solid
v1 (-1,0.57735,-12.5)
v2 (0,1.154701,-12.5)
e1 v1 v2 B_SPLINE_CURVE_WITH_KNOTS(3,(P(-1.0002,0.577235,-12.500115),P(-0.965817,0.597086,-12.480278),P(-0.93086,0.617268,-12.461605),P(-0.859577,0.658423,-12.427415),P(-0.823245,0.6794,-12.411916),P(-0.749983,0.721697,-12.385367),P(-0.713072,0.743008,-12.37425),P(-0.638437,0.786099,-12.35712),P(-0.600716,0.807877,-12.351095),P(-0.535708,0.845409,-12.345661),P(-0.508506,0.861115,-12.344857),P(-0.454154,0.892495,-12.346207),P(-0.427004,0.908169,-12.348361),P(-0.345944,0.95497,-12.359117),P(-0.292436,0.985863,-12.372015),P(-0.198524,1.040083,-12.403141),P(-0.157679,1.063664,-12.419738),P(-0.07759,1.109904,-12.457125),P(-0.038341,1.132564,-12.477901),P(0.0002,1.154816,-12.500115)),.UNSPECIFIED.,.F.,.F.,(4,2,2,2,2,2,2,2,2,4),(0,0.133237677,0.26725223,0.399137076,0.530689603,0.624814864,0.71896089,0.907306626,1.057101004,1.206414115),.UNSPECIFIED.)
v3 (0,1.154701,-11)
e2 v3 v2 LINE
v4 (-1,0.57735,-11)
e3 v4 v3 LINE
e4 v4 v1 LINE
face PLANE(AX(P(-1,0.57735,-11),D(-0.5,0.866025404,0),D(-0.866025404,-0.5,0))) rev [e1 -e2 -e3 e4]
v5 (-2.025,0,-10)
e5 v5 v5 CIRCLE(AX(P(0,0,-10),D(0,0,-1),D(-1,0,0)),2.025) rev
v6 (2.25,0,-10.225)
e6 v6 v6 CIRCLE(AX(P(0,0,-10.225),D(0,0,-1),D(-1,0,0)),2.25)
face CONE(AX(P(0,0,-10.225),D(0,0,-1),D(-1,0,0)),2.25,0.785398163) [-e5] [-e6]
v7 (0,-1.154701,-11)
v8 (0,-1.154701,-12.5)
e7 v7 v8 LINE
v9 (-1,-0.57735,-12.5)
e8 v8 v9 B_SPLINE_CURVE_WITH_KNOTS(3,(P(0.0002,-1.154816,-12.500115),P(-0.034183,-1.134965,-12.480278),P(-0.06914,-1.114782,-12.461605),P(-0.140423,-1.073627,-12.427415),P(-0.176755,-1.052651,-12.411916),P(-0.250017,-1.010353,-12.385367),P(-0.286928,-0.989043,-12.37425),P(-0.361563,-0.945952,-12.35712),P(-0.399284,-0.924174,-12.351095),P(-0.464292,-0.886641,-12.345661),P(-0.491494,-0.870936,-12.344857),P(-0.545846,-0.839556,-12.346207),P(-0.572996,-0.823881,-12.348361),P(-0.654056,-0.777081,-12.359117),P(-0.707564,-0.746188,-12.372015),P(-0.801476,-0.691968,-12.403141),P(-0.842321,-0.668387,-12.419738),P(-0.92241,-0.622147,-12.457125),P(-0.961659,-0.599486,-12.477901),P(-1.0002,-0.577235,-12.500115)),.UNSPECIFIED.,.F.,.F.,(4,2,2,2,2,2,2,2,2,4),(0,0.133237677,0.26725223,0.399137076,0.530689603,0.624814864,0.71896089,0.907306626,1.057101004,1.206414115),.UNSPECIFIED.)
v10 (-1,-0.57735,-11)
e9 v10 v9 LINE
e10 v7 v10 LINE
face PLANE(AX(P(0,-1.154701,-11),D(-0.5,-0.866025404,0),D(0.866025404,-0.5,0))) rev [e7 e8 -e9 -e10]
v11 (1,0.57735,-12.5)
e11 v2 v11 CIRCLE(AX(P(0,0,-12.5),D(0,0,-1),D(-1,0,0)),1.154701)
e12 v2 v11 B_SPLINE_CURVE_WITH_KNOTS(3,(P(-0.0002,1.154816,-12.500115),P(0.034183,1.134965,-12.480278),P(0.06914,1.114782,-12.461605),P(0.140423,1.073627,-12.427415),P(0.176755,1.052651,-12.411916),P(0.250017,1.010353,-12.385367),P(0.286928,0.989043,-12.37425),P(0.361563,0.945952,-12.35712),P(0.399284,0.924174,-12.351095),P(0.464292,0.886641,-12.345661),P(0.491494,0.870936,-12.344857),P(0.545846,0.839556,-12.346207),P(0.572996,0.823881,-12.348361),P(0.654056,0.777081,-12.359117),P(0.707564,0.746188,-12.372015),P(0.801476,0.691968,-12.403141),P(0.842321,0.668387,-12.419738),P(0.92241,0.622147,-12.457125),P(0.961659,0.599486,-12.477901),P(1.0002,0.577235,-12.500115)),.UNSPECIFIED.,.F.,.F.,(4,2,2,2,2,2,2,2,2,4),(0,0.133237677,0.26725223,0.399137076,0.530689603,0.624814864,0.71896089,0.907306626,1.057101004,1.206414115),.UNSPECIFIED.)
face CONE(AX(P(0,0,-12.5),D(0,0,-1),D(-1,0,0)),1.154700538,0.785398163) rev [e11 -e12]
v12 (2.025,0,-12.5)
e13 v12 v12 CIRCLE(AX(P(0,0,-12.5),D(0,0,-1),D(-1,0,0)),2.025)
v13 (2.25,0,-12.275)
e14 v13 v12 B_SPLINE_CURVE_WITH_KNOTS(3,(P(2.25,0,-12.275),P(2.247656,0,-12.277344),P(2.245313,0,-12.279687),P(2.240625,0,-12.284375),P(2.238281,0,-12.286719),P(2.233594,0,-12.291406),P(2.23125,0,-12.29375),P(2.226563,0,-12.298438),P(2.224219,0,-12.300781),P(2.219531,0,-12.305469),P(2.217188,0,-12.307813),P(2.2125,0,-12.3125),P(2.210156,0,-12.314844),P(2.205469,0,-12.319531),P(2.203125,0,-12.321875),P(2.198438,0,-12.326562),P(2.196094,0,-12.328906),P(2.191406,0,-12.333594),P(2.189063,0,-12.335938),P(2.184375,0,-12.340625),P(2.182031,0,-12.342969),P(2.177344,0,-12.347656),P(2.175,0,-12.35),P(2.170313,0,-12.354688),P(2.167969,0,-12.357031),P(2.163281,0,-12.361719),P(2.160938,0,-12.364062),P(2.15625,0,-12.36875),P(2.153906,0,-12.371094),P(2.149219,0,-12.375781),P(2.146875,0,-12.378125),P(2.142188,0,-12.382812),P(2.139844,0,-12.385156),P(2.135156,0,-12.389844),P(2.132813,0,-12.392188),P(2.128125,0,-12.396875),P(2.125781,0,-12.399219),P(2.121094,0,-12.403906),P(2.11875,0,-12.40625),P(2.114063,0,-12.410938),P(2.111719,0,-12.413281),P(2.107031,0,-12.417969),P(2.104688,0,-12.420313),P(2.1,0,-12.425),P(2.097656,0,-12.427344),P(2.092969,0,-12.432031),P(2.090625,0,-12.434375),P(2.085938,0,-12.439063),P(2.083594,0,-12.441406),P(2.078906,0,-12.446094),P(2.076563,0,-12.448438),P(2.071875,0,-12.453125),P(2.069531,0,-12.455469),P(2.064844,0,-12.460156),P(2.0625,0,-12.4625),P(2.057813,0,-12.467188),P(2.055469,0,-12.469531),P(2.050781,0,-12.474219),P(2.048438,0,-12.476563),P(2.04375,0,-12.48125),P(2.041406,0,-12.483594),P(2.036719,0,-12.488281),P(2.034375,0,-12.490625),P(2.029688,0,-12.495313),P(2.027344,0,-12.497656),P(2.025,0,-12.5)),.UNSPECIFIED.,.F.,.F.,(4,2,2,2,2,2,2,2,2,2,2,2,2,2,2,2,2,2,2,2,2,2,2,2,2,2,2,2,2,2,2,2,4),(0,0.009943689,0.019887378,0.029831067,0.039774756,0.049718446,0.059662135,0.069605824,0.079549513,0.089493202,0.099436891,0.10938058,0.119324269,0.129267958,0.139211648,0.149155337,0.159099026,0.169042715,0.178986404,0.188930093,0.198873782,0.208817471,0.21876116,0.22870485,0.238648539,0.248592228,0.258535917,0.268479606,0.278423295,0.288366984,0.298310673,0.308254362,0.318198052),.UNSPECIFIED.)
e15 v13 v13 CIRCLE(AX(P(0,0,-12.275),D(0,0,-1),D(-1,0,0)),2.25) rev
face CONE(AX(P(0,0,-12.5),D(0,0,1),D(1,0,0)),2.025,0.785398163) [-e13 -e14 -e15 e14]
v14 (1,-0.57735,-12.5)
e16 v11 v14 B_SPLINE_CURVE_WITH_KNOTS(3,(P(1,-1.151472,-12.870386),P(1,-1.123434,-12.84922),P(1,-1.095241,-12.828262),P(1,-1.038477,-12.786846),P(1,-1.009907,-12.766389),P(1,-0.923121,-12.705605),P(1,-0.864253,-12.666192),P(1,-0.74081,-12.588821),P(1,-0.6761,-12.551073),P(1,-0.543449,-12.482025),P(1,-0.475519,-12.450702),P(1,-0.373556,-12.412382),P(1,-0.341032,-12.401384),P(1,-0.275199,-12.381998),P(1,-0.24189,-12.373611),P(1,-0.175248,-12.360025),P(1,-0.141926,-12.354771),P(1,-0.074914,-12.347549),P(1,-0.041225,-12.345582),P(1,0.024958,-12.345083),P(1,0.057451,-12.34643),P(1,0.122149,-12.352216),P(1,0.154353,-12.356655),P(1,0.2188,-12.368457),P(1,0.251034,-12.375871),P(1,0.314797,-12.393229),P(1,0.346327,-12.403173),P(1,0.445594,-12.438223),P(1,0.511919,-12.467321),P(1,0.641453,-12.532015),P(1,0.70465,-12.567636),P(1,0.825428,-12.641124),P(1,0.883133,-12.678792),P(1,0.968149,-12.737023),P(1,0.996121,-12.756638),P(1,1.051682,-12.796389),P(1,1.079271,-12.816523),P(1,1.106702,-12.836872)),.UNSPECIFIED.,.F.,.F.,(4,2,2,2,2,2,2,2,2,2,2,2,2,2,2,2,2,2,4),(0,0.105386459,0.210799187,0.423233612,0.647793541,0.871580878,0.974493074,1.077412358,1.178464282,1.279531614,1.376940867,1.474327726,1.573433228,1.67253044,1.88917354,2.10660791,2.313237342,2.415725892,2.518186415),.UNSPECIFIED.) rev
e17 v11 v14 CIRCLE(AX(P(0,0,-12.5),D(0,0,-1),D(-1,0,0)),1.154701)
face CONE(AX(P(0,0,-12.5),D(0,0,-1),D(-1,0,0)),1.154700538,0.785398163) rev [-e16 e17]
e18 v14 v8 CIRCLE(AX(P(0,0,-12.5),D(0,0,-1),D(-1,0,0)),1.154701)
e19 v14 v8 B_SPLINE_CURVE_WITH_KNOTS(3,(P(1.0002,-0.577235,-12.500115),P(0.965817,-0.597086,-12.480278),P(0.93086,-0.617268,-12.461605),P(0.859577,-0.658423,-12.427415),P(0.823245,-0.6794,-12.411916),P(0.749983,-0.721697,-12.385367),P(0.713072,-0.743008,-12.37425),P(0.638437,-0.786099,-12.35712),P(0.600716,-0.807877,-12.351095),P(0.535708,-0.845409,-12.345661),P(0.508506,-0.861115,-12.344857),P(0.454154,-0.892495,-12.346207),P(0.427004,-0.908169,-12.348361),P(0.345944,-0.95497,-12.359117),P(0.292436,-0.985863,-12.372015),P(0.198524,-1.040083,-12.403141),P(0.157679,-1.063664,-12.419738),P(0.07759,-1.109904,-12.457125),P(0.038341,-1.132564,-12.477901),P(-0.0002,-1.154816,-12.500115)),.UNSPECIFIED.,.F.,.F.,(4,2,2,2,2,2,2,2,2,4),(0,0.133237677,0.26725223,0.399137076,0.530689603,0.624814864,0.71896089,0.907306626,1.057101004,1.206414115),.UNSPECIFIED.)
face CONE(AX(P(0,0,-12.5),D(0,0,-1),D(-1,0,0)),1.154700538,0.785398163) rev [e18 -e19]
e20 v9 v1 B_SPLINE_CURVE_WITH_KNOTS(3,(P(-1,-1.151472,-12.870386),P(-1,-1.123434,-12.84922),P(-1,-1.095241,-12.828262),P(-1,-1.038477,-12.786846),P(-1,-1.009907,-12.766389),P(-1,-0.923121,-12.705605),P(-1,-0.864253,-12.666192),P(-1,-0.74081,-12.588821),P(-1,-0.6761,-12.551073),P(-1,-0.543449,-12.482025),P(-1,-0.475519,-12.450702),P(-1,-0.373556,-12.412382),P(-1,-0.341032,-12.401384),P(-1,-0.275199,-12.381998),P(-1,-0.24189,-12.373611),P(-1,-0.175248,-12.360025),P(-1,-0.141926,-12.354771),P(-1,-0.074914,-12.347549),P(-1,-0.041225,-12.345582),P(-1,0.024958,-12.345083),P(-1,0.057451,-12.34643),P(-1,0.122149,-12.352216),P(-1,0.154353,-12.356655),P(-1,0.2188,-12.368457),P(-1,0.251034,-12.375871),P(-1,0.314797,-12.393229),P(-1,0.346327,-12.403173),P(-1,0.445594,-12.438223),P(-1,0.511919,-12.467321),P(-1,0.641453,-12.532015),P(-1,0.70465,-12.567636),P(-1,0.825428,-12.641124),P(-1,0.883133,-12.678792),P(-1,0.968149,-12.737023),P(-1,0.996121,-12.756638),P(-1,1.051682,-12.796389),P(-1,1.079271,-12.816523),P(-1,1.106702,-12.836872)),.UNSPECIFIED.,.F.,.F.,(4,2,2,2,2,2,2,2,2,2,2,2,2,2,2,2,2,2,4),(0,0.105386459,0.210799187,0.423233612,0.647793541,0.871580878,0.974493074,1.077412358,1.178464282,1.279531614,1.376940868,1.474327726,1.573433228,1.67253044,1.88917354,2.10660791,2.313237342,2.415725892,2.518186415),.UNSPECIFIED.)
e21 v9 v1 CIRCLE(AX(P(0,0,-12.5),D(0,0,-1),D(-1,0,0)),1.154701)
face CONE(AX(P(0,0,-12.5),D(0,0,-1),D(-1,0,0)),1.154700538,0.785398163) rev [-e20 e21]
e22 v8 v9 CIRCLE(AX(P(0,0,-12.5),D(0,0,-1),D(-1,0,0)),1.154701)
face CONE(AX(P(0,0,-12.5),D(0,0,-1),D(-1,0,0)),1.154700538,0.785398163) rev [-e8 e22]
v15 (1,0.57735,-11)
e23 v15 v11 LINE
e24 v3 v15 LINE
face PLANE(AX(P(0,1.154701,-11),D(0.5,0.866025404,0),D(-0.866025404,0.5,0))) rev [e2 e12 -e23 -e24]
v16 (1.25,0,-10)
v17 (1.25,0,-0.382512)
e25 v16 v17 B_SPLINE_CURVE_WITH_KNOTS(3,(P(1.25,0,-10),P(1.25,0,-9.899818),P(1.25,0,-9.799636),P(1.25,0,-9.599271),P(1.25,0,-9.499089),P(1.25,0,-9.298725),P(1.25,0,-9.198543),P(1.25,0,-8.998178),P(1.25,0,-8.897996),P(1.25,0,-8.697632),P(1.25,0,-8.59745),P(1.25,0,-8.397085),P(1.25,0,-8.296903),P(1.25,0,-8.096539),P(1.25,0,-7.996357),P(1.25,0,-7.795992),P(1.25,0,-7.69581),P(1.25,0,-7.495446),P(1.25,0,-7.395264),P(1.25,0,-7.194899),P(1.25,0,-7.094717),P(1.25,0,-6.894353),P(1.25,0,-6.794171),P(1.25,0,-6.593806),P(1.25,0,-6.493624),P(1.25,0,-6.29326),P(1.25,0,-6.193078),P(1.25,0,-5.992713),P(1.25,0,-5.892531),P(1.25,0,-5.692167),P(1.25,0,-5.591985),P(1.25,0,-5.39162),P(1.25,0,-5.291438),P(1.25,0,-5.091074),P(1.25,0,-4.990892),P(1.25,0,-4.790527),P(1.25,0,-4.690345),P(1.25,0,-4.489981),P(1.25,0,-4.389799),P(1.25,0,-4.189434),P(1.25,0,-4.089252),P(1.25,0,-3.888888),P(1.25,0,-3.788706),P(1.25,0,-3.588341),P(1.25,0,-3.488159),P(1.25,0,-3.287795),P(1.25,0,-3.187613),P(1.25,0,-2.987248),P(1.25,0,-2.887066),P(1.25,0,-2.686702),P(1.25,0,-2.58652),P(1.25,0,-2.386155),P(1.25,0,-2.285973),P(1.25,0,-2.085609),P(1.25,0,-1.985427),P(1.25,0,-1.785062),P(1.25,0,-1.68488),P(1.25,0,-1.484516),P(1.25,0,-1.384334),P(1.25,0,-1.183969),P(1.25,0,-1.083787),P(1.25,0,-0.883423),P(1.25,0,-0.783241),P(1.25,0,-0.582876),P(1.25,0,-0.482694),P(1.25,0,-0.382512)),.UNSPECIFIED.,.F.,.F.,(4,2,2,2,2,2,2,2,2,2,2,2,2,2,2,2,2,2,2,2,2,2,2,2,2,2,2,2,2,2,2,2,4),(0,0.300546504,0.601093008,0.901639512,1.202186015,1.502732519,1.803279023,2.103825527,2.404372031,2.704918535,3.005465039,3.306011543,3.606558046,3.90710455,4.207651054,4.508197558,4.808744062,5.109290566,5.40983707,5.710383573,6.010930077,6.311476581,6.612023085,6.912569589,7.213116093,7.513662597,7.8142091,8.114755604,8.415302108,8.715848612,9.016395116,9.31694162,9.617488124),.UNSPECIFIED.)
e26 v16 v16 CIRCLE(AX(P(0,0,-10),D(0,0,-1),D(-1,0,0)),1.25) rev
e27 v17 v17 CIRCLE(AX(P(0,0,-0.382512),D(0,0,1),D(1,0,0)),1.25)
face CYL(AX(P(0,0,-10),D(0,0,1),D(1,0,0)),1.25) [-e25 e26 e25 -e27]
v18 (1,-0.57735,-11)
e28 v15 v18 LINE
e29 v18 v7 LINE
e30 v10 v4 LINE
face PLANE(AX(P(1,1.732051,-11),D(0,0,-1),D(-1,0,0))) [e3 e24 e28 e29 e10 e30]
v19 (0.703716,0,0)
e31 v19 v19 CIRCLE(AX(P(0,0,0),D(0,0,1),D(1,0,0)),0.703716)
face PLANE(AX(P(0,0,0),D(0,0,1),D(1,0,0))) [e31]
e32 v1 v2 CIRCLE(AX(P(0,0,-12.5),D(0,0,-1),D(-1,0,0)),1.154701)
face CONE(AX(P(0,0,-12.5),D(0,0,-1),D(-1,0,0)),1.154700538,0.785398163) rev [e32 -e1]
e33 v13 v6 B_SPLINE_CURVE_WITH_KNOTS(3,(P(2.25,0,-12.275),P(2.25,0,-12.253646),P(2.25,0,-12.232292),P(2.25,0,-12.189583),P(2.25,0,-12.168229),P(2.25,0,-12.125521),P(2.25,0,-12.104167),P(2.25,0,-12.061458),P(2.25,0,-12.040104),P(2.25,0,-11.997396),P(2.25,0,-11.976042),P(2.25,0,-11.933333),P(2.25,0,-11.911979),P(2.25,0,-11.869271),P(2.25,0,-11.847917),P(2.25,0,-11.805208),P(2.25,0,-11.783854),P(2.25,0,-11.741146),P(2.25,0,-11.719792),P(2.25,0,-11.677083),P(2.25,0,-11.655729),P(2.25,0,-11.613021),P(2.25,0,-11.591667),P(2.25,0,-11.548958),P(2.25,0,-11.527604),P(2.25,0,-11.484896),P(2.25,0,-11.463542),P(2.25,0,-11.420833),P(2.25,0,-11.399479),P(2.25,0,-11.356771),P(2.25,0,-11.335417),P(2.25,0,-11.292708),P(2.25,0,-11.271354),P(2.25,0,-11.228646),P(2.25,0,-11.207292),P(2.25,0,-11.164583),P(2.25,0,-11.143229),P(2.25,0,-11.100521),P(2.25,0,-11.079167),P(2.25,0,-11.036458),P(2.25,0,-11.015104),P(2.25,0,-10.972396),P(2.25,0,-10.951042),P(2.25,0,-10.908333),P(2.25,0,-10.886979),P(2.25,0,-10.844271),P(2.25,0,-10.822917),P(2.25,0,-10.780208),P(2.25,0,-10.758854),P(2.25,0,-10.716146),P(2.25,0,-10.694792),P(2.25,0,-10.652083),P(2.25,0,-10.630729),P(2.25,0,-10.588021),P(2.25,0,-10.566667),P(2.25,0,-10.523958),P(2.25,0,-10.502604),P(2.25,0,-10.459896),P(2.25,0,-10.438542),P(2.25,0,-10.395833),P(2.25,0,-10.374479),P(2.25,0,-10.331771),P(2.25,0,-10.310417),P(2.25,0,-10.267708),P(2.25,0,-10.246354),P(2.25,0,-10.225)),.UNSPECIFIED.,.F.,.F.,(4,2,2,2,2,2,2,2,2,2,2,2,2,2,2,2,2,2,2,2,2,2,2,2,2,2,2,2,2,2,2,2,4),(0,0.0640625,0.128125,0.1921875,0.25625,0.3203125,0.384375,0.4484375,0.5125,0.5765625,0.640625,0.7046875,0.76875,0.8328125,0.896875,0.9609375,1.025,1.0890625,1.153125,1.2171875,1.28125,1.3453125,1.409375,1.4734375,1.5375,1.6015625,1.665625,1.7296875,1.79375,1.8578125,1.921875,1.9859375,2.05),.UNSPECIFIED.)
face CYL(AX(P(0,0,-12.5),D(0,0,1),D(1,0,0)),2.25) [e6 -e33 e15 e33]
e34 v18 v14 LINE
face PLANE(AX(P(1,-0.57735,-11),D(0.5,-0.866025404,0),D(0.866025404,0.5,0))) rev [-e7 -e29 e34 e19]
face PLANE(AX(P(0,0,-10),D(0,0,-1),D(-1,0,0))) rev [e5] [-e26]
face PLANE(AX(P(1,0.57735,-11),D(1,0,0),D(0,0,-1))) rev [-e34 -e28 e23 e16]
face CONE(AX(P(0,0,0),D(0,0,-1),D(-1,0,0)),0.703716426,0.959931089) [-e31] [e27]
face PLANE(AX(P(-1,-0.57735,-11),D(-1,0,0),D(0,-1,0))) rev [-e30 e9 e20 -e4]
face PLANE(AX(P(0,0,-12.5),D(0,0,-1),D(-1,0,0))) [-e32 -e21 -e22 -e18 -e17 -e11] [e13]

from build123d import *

# Parameters (mm, degrees)
SKETCH1_R          = 1.25
EXTRUDE1_DEPTH     = 10
SKETCH6_R          = 2.25
EXTRUDE2_DEPTH     = 2.5
CUT_EXTRUDE1_DEPTH = 1.5
CHAMFER1_SIZE      = 0.225


with BuildPart() as part:
    # Sketch1 → Extrude1 (new body)
    with BuildSketch(Plane.XY):
        Circle(SKETCH1_R)
    extrude(amount=-EXTRUDE1_DEPTH)

    # Sketch4 → Cut-Revolve1 (revolve, cut)
    with BuildSketch(Plane(origin=(0, 0, 0), x_dir=(0, 0, -1), z_dir=(1, 0, 0)), mode=Mode.PRIVATE) as cut_revolve1_sk:
        Polygon((0.382511876, 1.25), (0, 0.703716426), (0, 1.25), align=None)
    revolve(cut_revolve1_sk.sketch.rotate(Axis((0, 0, 0), (0, 0, -1)), 90), axis=Axis((0, 0, 0), (0, 0, -1)), mode=Mode.SUBTRACT)

    # Sketch6 → Extrude2 (add)
    with BuildSketch(Plane(origin=(0, 0, -10), x_dir=(-1, 0, 0), z_dir=(0, 0, -1))):
        with Locations(Location((0, 0, 0), (0, 0, 180))):
            Circle(SKETCH6_R)
    extrude(amount=EXTRUDE2_DEPTH)

    # Sketch7 → Cut-Extrude1 (cut)
    with BuildSketch(Plane(origin=(0, 0, -12.5), x_dir=(-1, 0, 0), z_dir=(0, 0, -1))):
        Polygon((0, 1.154700538), (-1, 0.577350269), (-1, -0.577350269), (0, -1.154700538), (1, -0.577350269), (1, 0.577350269), align=None)
    extrude(amount=-CUT_EXTRUDE1_DEPTH, mode=Mode.SUBTRACT)

    # Cut-Extrude2 cone 1 section (through the dimple's axis) → Cut-Extrude2 (revolve, cut)
    with BuildSketch(Plane(origin=(0, 0, -12.5), x_dir=(0, 1, 0), z_dir=(1, 0, 0))):
        Polygon((0, 0), (1.154700538, 0), (0, 1.154700538), align=None)
    revolve(axis=Axis((0, 0, -12.5), (0, 0, 1)), mode=Mode.SUBTRACT)

    # Chamfer1
    chamfer1_edges = [part.edges().sort_by_distance(p)[0] for p in [
        (-2.25, 0, -10),
        (-2.25, 0, -12.5),
    ]]
    chamfer(chamfer1_edges, length=CHAMFER1_SIZE)


solid = part.part
